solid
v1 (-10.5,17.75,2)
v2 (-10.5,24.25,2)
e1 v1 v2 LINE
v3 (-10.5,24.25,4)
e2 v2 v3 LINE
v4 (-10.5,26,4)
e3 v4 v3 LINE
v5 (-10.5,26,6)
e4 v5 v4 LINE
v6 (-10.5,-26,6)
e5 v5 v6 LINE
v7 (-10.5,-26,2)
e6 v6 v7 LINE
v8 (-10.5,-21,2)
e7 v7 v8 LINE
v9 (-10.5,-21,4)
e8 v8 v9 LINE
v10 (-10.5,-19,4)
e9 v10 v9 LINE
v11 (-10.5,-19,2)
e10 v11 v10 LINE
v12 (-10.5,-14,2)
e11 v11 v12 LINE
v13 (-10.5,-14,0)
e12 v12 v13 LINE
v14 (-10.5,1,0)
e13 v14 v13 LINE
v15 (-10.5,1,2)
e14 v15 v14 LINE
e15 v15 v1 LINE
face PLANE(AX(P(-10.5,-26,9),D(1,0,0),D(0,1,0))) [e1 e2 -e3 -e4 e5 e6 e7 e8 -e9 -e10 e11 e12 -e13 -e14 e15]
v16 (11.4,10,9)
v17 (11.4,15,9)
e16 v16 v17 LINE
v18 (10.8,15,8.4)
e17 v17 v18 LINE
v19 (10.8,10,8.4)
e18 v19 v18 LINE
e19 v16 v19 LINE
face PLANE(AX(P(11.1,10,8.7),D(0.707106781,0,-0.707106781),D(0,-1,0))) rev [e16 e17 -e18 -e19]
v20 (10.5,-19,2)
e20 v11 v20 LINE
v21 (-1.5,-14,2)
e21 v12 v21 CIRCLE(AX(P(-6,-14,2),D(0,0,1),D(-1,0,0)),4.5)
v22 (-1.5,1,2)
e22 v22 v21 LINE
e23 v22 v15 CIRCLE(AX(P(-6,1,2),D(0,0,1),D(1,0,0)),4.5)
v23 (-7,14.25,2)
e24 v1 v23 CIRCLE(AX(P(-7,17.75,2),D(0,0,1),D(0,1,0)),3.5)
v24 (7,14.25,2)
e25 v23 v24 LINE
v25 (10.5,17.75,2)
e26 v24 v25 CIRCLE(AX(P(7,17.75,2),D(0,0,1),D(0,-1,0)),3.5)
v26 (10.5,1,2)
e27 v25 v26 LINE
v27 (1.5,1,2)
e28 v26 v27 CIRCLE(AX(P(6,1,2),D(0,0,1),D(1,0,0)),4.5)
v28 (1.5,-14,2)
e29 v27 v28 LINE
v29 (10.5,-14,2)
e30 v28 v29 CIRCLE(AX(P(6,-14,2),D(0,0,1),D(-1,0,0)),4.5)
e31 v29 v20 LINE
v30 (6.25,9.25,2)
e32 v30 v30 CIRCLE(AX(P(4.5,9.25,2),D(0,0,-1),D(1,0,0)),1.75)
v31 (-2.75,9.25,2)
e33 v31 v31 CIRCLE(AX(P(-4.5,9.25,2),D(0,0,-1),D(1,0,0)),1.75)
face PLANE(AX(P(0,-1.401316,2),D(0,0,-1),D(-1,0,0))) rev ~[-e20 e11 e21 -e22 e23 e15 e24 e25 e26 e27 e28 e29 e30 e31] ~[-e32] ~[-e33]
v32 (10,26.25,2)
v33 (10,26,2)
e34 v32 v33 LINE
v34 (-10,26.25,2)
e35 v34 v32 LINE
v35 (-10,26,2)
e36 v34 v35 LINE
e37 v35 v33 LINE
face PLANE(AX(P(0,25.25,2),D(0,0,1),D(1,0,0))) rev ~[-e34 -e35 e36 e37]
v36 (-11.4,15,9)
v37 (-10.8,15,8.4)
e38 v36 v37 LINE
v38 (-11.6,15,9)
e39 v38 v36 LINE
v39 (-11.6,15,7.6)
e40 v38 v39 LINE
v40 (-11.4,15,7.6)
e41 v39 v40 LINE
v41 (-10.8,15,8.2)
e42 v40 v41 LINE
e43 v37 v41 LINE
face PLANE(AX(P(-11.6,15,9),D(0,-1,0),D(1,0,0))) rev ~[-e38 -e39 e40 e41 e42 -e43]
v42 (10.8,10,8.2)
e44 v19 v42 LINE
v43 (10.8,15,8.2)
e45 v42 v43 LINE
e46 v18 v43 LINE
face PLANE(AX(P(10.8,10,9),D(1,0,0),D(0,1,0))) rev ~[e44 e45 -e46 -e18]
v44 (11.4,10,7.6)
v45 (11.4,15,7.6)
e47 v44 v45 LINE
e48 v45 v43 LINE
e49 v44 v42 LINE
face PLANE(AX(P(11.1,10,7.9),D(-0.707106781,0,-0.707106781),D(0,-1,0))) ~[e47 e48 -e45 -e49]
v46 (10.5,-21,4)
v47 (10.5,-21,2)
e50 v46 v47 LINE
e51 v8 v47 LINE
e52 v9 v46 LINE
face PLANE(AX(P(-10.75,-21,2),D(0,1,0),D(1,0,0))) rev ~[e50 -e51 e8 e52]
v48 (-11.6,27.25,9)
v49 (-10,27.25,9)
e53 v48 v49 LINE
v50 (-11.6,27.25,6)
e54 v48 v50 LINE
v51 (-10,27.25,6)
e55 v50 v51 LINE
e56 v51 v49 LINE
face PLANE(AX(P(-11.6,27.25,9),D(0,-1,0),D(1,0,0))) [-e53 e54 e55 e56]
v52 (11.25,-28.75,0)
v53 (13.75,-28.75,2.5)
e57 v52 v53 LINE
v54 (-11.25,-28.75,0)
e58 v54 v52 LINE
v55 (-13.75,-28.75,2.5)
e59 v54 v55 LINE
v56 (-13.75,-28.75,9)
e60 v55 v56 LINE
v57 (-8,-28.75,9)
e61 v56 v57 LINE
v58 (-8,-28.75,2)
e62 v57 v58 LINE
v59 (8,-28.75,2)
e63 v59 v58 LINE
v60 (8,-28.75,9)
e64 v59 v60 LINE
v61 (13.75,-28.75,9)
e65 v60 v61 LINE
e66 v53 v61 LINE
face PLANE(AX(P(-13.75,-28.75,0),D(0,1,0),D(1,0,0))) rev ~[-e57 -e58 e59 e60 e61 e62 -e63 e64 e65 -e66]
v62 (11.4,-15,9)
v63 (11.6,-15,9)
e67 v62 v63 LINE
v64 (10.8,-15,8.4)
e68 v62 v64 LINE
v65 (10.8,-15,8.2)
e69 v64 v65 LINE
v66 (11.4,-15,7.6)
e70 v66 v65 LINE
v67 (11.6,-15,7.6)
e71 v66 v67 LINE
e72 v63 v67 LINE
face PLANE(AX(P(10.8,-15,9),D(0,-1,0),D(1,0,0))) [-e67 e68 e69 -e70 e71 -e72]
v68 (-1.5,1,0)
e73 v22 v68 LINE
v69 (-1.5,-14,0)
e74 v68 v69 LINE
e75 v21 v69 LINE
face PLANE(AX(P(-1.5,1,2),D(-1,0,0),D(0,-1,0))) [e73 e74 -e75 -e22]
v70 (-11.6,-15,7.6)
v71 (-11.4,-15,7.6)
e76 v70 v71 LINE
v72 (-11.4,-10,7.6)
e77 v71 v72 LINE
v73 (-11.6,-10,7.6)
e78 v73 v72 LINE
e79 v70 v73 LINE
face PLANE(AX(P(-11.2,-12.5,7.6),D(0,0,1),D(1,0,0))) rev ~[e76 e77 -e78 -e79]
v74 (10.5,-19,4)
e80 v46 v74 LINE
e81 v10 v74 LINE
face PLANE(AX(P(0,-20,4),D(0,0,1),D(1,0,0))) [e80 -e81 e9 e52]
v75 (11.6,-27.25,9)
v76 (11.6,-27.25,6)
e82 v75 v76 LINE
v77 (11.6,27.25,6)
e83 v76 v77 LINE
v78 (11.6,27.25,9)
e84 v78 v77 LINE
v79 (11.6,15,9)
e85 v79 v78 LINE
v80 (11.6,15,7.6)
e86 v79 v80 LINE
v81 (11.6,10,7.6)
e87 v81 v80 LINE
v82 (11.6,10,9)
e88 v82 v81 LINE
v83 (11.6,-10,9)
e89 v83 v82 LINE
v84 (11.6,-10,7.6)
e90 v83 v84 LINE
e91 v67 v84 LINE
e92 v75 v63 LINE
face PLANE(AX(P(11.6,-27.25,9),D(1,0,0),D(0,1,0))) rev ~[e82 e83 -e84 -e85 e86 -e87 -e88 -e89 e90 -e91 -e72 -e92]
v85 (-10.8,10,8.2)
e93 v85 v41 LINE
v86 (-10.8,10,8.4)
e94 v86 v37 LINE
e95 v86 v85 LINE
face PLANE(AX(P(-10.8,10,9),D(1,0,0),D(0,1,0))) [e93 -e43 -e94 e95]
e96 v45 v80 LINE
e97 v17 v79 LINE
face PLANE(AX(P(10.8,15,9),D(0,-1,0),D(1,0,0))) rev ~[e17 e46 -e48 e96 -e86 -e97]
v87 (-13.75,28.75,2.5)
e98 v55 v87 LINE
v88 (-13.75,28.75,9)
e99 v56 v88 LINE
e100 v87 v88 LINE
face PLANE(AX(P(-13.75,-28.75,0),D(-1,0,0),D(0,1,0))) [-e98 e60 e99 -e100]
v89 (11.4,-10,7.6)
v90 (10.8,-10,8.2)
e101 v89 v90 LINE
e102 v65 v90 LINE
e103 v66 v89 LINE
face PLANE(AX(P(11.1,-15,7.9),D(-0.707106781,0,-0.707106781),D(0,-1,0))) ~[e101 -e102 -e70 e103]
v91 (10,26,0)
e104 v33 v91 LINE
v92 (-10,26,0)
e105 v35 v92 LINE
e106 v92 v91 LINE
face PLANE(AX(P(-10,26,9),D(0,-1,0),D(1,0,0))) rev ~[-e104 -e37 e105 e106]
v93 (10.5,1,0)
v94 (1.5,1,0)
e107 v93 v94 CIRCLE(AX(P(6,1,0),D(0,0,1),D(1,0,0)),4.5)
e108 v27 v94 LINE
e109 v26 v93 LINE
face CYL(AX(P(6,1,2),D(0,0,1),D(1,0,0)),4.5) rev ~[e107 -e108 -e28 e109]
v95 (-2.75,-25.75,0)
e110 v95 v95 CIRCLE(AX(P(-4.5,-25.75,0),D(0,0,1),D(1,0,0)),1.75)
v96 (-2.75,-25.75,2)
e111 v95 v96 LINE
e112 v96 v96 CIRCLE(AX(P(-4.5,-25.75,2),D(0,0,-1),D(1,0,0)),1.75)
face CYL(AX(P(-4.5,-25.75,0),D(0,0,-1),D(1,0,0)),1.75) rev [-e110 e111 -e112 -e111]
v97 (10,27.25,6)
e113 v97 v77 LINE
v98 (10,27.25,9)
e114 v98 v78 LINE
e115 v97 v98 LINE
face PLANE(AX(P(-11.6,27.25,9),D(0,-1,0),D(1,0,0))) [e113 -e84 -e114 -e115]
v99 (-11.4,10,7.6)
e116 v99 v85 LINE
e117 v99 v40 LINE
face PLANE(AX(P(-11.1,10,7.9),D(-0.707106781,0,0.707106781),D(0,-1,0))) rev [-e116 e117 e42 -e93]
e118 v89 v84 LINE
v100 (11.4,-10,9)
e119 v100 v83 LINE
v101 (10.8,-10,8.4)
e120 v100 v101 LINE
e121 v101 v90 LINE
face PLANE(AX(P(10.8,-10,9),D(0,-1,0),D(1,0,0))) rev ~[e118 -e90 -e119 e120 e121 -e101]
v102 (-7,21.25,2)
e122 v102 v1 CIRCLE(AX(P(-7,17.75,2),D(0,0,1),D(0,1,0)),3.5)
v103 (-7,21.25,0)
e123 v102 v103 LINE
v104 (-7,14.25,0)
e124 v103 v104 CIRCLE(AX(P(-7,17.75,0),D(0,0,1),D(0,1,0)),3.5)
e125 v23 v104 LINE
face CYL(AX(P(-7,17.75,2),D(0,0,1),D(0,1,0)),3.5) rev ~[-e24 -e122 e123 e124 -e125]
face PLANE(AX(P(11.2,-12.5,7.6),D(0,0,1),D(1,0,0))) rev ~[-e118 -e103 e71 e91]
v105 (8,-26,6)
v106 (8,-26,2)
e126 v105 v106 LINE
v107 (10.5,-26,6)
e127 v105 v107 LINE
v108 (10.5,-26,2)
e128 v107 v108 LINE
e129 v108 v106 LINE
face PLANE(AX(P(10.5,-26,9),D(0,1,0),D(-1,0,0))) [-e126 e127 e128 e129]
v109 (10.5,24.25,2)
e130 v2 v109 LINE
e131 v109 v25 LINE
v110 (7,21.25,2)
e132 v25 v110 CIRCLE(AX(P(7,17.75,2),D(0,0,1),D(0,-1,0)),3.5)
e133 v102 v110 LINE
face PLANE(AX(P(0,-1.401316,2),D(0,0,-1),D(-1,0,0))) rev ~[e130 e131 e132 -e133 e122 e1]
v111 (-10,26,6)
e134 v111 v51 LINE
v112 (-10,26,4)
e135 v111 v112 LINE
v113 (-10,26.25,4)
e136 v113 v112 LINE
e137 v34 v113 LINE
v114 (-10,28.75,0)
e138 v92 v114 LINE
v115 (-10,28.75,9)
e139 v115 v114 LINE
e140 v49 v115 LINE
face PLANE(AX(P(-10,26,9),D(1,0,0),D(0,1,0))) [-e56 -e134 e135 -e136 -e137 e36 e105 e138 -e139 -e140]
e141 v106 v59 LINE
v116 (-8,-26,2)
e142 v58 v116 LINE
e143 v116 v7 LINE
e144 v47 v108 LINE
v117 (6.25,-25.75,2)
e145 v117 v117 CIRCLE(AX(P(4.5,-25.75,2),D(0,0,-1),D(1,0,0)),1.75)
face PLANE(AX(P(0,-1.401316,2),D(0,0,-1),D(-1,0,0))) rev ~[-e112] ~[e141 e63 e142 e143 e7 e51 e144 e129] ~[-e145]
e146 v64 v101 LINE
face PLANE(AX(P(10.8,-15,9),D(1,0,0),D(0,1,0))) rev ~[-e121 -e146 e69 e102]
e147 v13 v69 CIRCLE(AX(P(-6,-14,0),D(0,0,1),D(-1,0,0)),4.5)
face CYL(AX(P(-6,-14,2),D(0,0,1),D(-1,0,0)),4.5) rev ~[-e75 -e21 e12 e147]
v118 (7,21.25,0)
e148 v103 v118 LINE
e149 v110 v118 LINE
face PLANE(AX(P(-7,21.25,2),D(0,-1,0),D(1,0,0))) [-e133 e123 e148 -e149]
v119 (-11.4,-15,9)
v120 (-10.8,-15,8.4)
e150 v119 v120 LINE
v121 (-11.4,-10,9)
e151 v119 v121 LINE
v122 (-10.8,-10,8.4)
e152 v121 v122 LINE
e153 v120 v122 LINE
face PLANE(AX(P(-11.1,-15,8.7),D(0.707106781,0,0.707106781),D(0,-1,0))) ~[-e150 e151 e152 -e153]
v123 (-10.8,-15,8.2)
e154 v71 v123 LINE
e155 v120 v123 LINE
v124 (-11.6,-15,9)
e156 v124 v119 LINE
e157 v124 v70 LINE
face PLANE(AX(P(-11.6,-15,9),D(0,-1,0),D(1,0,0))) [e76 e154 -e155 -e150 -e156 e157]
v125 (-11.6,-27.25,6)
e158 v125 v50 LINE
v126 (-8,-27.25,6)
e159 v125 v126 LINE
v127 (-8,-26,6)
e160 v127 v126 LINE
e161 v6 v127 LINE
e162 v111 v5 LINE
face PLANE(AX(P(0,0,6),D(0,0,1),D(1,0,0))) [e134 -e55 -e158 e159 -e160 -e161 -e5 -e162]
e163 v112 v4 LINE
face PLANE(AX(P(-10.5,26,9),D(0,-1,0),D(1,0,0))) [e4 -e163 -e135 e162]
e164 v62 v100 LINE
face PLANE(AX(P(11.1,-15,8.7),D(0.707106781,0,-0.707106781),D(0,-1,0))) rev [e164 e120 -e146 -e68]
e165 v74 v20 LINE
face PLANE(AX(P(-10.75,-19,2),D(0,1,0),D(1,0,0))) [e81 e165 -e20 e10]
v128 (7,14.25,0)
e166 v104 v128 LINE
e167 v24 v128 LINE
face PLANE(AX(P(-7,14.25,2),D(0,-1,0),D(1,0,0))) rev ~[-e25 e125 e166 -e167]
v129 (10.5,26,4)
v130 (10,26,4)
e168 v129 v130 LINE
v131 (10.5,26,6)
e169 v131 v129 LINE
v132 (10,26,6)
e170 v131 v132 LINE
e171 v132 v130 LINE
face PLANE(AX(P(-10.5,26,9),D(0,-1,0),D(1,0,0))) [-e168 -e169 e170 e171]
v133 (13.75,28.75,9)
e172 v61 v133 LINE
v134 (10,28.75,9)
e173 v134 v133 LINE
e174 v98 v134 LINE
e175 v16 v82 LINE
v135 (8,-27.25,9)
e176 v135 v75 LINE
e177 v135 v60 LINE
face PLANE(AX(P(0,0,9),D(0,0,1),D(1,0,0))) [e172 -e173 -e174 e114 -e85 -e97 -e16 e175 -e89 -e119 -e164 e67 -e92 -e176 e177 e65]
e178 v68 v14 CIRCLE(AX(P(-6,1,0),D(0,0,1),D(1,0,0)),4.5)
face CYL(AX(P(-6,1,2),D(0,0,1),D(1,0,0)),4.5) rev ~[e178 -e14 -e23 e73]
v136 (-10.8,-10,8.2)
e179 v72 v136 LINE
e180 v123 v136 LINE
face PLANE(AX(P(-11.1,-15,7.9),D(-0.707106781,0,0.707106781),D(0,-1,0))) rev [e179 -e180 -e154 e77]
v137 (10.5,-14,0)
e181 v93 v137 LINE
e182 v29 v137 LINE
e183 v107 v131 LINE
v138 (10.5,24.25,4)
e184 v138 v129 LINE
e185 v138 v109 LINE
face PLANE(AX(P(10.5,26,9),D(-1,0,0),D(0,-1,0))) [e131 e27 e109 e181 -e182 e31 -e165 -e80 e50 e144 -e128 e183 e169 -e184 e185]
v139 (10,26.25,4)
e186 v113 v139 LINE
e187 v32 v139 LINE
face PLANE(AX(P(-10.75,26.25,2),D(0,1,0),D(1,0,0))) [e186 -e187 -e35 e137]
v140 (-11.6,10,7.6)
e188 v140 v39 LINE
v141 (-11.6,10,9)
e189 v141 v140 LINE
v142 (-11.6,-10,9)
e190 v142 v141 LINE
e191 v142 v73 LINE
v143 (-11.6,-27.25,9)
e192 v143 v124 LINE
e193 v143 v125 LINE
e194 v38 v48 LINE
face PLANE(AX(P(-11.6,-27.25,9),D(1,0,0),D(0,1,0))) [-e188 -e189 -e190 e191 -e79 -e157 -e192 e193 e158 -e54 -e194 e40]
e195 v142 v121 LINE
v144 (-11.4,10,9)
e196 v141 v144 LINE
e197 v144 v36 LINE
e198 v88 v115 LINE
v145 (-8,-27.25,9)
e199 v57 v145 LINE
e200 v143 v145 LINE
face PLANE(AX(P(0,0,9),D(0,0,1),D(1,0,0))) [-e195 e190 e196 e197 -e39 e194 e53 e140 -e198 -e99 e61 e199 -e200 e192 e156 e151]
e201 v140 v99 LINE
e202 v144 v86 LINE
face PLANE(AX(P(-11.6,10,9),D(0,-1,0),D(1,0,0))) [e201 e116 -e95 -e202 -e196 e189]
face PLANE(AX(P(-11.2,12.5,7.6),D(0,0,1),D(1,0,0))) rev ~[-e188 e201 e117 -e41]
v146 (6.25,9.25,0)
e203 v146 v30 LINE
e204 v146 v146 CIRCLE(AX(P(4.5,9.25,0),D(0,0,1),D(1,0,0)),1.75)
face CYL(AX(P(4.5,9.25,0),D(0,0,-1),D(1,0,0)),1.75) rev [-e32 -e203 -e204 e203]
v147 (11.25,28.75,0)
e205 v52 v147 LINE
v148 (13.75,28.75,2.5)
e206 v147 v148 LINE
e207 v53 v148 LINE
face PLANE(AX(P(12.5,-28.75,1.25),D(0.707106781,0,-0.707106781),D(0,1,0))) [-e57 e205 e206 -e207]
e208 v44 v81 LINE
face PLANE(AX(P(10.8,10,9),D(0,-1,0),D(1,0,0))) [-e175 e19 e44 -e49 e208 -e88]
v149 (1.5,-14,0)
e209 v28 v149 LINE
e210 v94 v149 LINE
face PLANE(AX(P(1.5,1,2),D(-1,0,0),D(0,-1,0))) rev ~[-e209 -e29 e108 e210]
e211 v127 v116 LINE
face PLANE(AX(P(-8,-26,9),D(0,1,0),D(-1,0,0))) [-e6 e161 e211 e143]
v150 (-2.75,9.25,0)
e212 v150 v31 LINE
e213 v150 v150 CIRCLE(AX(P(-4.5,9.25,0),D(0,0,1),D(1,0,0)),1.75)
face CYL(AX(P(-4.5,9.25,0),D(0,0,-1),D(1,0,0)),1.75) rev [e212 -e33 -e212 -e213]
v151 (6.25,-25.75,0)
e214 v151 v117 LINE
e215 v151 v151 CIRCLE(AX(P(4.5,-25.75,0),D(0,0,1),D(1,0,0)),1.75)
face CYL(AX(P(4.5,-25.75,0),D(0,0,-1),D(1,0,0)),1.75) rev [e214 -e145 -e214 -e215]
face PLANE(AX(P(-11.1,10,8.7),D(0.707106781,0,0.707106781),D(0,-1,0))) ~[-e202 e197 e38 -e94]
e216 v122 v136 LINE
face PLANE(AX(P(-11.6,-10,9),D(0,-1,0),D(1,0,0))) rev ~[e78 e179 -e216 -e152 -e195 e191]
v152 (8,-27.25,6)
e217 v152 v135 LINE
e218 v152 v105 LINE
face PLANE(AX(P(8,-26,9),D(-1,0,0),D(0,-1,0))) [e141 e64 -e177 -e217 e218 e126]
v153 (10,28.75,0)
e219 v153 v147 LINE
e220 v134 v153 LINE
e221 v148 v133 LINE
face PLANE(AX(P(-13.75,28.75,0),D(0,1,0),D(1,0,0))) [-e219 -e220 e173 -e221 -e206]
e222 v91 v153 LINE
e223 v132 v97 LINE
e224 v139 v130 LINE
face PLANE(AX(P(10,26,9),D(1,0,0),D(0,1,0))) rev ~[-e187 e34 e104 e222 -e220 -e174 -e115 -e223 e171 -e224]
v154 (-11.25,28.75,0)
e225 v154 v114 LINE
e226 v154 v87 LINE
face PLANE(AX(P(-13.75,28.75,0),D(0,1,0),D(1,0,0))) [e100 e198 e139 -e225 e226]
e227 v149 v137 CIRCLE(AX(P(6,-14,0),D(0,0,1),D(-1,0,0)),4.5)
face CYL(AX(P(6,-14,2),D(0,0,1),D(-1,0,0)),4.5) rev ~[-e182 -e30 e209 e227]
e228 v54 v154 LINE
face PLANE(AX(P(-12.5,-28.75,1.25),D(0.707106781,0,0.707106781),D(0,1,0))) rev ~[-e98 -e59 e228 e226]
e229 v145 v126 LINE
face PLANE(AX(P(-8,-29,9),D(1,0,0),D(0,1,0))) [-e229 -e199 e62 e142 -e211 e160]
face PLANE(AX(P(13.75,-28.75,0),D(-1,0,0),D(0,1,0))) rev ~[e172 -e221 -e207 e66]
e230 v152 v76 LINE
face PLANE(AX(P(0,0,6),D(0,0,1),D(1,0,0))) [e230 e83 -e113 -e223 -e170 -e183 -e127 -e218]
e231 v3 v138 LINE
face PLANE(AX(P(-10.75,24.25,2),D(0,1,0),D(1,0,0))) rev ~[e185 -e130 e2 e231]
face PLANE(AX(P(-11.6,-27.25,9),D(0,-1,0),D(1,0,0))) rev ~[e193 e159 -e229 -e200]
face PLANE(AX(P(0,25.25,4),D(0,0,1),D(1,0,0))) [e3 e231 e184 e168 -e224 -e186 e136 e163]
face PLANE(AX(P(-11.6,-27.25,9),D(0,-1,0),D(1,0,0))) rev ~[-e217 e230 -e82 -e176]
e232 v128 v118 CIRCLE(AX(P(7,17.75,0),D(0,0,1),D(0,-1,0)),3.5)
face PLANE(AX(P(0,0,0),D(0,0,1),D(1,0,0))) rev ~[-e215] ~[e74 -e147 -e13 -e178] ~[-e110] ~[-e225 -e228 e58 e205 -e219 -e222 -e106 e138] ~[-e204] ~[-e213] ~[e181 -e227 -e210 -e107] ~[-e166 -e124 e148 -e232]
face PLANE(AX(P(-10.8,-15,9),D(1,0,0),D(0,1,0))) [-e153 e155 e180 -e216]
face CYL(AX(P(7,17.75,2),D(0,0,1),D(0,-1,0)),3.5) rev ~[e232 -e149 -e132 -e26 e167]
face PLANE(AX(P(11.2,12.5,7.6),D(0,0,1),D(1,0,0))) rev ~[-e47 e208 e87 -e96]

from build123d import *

# Parameters (mm, degrees)
SKETCH_W        = 27.5
SKETCH_H        = 57.5
SKETCH_R        = 1.75
PAD_DEPTH       = 9
POCKET_DEPTH    = 7
SKETCH002_W     = 23.2
SKETCH002_H     = 54.5
POCKET001_DEPTH = 3
SKETCH003_W     = 0.8
SKETCH003_H     = 5
PAD001_DEPTH    = 1.4
CHAMFER_SIZE    = 0.6
SKETCH004_W     = 20
SKETCH004_H     = 3
POCKET002_DEPTH = 9.001
SKETCH005_W     = 21.5
SKETCH005_H     = 2
PAD002_DEPTH    = 2
POCKET003_DEPTH = 3
CHAMFER001_SIZE = 2.5


with BuildPart() as part:
    # Sketch → Pad (new body)
    with BuildSketch(Plane.XY):
        Rectangle(SKETCH_W, SKETCH_H)
        with Locations((-4.5, 9.25)):
            Circle(SKETCH_R, mode=Mode.SUBTRACT)
        with Locations((-4.5, -25.75)):
            Circle(SKETCH_R, mode=Mode.SUBTRACT)
        with Locations((4.5, 9.25)):
            Circle(SKETCH_R, mode=Mode.SUBTRACT)
        with Locations((4.5, -25.75)):
            Circle(SKETCH_R, mode=Mode.SUBTRACT)
    extrude(amount=PAD_DEPTH)

    # Sketch001 (on Face10 of Pad) → Pocket (cut)
    with BuildSketch(Plane.XY.offset(9)):
        Polygon((-10.5, 26), (10.5, 26), (10.5, -26), (8, -26), (8, -29), (-8, -29), (-8, -26), (-10.5, -26), align=None)
    extrude(amount=-POCKET_DEPTH, mode=Mode.SUBTRACT)

    # Sketch002 (on Face5 of Pocket) → Pocket001 (cut)
    with BuildSketch(Plane.XY.offset(9)):
        Rectangle(SKETCH002_W, SKETCH002_H)
    extrude(amount=-POCKET001_DEPTH, mode=Mode.SUBTRACT)

    # Sketch003 (on Face5 of Pocket001) → Pad001 (join)
    with BuildSketch(Plane.XY.offset(9)):
        with Locations((-11.2, 12.5)):
            Rectangle(SKETCH003_W, SKETCH003_H)
        with Locations((-11.2, -12.5)):
            Rectangle(SKETCH003_W, SKETCH003_H)
        with Locations((11.2, -12.5)):
            Rectangle(SKETCH003_W, SKETCH003_H)
        with Locations((11.2, 12.5)):
            Rectangle(SKETCH003_W, SKETCH003_H)
    extrude(amount=-PAD001_DEPTH)

    # Chamfer
    chamfer_edges = [part.edges().sort_by_distance(p)[0] for p in [
        (-10.8, -12.5, 9),
        (-10.8, -12.5, 7.6),
        (-10.8, 12.5, 9),
        (-10.8, 12.5, 7.6),
        (10.8, 12.5, 9),
        (10.8, 12.5, 7.6),
        (10.8, -12.5, 9),
        (10.8, -12.5, 7.6),
    ]]
    chamfer(chamfer_edges, length=CHAMFER_SIZE)

    # Sketch004 (on Face4 of Chamfer) → Pocket002 (cut, through all)
    with BuildSketch(Plane.XY.offset(9)):
        with Locations((0, 27.5)):
            Rectangle(SKETCH004_W, SKETCH004_H)
    extrude(amount=-POCKET002_DEPTH, mode=Mode.SUBTRACT)

    # Sketch005 (on Face22 of Pocket002) → Pad002 (join)
    with BuildSketch(Plane.XY.offset(2)):
        with Locations((0, 25.25)):
            Rectangle(SKETCH005_W, SKETCH005_H)
        with Locations((0, -20)):
            Rectangle(SKETCH005_W, SKETCH005_H)
    extrude(amount=PAD002_DEPTH)

    # Sketch006 (on Face54 of Pad002) → Pocket003 (cut)
    with BuildSketch(Plane.XY.offset(2)):
        with BuildLine():
            ThreePointArc((-7, 21.25), (-10.5, 17.75), (-7, 14.25))
            Line((-7, 14.25), (7, 14.25))
            ThreePointArc((7, 14.25), (10.5, 17.75), (7, 21.25))
            Line((-7, 21.25), (7, 21.25))
        make_face()
        with BuildLine():
            ThreePointArc((-1.5, 1), (-6, 5.5), (-10.5, 1))
            Line((-10.5, 1), (-10.5, -14))
            ThreePointArc((-10.5, -14), (-6, -18.5), (-1.5, -14))
            Line((-1.5, 1), (-1.5, -14))
        make_face()
        with BuildLine():
            ThreePointArc((10.5, 1), (6, 5.5), (1.5, 1))
            Line((1.5, 1), (1.5, -14))
            ThreePointArc((1.5, -14), (6, -18.5), (10.5, -14))
            Line((10.5, 1), (10.5, -14))
        make_face()
    extrude(amount=-POCKET003_DEPTH, mode=Mode.SUBTRACT)

    # Chamfer001
    chamfer001_edges = [part.edges().sort_by_distance(p)[0] for p in [
        (-13.75, 0, 0),
        (13.75, 0, 0),
    ]]
    chamfer(chamfer001_edges, length=CHAMFER001_SIZE)


solid = part.part
